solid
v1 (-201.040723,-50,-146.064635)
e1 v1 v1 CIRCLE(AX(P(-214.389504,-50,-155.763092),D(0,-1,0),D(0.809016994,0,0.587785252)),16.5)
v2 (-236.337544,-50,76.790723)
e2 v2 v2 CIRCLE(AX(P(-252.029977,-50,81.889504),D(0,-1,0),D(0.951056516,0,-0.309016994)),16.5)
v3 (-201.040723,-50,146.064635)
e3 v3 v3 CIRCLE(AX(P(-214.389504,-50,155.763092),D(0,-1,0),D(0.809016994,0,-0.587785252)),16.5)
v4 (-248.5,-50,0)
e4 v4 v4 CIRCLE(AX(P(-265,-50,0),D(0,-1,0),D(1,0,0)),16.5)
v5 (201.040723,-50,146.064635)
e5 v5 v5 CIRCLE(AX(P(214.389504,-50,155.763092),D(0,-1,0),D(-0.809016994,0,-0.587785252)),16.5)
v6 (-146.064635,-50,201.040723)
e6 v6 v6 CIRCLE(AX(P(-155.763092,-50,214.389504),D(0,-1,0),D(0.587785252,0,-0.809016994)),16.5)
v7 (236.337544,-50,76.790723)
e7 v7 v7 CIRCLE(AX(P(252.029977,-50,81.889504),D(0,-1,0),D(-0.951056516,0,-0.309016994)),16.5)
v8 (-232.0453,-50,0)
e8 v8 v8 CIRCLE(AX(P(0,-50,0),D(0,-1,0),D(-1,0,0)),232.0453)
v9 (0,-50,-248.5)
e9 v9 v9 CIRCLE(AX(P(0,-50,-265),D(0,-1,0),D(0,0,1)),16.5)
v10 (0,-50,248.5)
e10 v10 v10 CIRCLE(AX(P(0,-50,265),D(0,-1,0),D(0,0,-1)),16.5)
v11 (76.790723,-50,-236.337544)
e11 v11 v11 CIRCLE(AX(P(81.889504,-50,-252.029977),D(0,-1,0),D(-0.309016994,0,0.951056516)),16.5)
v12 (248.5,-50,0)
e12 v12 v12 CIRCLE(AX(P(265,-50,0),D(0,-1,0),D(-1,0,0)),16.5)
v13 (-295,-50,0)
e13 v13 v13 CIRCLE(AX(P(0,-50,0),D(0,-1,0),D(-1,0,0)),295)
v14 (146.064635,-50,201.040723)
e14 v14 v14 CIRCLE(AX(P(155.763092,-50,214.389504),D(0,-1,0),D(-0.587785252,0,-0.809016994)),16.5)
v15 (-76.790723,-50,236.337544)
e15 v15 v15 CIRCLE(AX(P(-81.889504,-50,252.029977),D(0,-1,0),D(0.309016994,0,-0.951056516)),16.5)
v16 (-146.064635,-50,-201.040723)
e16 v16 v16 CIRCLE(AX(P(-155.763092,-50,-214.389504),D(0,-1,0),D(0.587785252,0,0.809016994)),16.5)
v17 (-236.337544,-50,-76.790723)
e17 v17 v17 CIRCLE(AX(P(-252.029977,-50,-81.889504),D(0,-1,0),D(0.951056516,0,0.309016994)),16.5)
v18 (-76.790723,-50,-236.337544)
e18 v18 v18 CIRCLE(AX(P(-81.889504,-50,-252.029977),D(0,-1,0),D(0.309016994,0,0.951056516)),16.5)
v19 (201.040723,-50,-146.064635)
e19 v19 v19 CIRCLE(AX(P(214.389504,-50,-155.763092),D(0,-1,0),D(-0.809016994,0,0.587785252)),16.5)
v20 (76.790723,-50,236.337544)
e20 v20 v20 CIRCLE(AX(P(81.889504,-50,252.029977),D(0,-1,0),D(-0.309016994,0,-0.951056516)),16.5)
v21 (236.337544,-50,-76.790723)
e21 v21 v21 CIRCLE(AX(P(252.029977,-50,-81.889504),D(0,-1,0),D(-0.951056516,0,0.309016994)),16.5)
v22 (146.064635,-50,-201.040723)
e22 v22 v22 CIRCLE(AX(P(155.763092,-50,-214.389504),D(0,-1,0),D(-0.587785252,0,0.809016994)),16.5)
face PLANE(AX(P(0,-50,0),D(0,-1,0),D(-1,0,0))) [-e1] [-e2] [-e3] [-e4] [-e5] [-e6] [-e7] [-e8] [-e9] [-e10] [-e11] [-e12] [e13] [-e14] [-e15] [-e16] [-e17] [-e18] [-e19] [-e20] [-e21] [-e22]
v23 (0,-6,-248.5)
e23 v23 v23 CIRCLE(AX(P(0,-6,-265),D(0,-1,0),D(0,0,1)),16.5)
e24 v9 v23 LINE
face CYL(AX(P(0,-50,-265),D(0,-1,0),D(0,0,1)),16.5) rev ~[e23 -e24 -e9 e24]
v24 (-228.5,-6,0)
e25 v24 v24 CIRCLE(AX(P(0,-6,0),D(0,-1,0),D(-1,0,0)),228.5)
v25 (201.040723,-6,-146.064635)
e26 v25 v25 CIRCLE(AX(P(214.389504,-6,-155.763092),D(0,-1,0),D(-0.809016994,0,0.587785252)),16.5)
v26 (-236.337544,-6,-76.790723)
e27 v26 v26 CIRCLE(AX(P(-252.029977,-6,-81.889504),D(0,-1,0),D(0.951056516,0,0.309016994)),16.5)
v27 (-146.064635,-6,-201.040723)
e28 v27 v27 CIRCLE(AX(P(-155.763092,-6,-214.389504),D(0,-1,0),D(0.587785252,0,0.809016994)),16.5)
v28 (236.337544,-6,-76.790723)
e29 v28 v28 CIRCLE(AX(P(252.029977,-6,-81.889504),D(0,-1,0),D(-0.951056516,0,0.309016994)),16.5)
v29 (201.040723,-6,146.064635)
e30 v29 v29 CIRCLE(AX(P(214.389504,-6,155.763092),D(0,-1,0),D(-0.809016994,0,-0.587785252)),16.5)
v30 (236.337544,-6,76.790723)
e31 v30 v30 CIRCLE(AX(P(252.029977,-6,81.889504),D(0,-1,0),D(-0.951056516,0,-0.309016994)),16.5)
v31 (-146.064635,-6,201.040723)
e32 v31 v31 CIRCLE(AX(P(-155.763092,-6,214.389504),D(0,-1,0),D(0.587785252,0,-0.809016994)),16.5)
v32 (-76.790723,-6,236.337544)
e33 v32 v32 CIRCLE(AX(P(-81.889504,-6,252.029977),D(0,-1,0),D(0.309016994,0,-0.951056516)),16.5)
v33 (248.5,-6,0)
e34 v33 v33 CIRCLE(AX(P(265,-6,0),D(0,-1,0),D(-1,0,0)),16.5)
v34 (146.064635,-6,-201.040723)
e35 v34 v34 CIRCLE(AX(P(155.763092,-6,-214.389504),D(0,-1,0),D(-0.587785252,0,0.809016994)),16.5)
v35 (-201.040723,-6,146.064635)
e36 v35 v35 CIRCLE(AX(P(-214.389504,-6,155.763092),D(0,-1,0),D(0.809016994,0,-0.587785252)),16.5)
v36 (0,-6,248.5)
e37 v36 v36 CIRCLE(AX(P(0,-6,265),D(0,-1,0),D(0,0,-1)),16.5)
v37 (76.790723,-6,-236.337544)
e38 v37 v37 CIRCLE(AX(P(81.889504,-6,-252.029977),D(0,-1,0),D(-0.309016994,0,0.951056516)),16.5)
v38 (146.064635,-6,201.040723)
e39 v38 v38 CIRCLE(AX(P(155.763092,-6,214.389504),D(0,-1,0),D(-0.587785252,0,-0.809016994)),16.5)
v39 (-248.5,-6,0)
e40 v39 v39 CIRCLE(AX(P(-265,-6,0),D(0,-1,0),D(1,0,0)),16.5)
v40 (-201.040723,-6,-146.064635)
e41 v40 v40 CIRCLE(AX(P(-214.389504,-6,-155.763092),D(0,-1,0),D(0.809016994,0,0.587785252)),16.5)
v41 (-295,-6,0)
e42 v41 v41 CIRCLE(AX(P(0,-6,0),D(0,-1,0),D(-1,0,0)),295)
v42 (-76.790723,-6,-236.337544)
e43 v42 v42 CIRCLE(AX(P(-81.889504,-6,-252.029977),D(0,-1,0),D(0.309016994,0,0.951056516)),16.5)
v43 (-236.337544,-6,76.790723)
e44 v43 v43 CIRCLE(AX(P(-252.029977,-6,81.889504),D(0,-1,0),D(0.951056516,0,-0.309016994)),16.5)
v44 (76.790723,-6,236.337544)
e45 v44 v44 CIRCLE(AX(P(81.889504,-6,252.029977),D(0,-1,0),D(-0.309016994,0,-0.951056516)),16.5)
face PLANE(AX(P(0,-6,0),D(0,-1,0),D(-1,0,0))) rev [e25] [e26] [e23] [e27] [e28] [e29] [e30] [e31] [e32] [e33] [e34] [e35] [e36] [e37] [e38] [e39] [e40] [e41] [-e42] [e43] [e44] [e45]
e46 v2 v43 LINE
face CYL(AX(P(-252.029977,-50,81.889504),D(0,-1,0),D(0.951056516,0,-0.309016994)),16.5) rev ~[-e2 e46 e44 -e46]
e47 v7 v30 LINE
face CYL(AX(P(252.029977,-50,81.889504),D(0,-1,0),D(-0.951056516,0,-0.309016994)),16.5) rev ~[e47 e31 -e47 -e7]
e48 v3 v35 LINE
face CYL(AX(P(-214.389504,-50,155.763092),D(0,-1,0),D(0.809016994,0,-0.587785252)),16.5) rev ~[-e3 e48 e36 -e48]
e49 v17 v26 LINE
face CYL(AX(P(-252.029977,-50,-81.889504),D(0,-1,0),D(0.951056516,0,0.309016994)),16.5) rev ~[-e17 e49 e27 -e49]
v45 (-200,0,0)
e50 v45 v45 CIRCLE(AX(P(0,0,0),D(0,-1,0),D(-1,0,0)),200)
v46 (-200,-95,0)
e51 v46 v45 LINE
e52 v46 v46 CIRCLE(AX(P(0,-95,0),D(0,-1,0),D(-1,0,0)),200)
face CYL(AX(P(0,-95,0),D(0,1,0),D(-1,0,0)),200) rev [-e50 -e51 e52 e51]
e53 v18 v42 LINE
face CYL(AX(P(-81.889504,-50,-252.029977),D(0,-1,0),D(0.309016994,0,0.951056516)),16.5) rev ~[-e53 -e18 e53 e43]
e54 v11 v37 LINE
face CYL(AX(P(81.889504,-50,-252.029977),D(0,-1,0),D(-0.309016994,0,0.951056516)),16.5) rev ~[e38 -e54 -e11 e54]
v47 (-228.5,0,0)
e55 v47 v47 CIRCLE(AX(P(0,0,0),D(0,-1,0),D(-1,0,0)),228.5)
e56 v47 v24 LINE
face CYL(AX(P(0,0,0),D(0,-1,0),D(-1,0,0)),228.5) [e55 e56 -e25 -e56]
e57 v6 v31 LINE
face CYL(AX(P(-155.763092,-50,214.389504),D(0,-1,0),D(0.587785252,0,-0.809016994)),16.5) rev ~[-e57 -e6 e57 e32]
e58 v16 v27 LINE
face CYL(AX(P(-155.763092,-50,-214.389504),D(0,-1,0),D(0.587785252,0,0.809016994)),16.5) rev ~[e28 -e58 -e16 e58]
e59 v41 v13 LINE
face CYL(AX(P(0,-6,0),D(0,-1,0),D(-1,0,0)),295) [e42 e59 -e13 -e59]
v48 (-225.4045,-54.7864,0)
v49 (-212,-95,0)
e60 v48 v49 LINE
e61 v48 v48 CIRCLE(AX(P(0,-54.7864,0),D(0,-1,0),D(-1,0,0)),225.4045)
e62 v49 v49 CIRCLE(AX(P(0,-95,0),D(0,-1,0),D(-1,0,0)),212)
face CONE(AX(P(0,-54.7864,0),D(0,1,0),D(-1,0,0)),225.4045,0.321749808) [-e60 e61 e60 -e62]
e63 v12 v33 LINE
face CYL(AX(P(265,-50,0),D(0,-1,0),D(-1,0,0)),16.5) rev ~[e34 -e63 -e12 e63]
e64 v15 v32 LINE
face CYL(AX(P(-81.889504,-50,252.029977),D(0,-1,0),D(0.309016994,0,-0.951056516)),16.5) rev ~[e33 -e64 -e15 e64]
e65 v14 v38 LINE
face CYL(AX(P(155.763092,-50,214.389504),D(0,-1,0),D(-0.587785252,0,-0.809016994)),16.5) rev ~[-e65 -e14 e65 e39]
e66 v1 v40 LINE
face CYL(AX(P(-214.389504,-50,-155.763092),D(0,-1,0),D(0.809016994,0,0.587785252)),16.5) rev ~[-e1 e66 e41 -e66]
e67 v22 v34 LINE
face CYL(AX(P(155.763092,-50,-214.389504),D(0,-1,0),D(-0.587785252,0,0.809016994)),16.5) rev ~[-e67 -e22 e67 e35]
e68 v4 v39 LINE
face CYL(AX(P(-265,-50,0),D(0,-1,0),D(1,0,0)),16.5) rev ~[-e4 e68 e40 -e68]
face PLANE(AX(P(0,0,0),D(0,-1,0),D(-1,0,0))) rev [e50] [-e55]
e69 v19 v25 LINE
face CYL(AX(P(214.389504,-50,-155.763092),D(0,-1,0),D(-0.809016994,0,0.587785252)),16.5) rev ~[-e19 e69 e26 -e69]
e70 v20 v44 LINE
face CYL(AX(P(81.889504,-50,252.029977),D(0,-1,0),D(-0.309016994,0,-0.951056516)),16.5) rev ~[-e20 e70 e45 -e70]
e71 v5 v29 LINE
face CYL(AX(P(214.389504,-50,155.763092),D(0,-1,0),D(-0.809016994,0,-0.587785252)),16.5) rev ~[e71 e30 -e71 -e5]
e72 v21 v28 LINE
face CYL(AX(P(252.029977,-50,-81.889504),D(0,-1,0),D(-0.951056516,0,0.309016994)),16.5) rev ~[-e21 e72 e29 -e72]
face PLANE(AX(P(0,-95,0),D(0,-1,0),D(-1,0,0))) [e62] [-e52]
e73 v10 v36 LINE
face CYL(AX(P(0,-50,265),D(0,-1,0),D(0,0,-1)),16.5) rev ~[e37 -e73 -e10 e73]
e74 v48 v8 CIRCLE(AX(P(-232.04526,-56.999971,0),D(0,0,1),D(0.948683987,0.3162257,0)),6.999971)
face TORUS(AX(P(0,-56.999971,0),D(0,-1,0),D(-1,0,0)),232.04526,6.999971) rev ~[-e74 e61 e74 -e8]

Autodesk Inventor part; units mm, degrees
ref_plane "YZ Plane" through (0, 0, 0) normal (1, 0, 0) x (0, 1, 0)
ref_plane "XZ Plane" through (0, 0, 0) normal (0, 1, 0) x (-1, 0, 0)
ref_plane "XY Plane" through (0, 0, 0) normal (0, 0, 1) x (1, 0, 0)
sketch "Sketch1" plane through (0, 0, 0) normal (0, 0, 1) x (1, 0, 0)
  line L0 (0, 94.8129) -> (0, -76.7795)
  line L1 (-200, 0) -> (-228.5, 0)
  line L2 (-228.5, 0) -> (-228.5, -6)
  line L3 (-228.5, -6) -> (-295, -6)
  line L4 (-295, -6) -> (-295, -50)
  line L5 (-295, -50) -> (-232.0453, -50)
  line L6 (-225.4045, -54.7864) -> (-212, -95)
  line L7 (-212, -95) -> (-200, -95)
  line L8 (-200, -95) -> (-200, 0)
  arc A0 (-225.4045, -54.7864) -> (-232.0453, -50) centre (-232.0453, -57) ccw
  line L9 (-228.5, -4) -> (-204, -4) construction
  line L10 (-204, 0) -> (-204, -95) construction
  point P0 (0, 0)
  point P1 (-227, -50)
  dimension "d1" = 590
  dimension "d2" = 457
  dimension "d3" = 400
  dimension "d4" = 454
  dimension "d5" = 424
  dimension "d6" = 95
  dimension "d7" = 50
  dimension "d8" = 6
  dimension "d13" = 7
  dimension "d25" = 4
  dimension "d26" = 4
revolve "Revolution1" add sketch "Sketch1" angle 360 about axis through (0, 94.8129, 0) along (0, -1, 0)
sketch "Sketch2" plane through (0, -50, 0) normal (0, -1, 0) x (1, 0, 0)
  circle A0 centre (-265, 0) radius 16.5
  point P0 (0, 0)
  dimension "d15" = 33
  dimension "d16" = 265
extrude "Extrusion1" cut sketch "Sketch2" against normal through all
pattern_circular "Circular Pattern1" count 20 over 360 about axis through (0, -28, 0) along (0, 1, 0) of "Extrusion1"
equation "\"d15\" = d_"
equation "\"d16\" = 0.5 * D2_"
equation "\"d1\" = D1_"
equation "\"d2\" = D5_"
equation "\"d3\" = D"
equation "\"d4\" = D7_"
equation "\"d5\" = D6_"
equation "\"d6\" = H_"
equation "\"d7\" = b"
equation "\"D\" = 400"
equation "\"D1_\" = 590"
equation "\"D5_\" = 457"
equation "\"D6_\" = 424"
equation "\"D7_\" = 454"
equation "\"H_\" = 95"
equation "\"b\" = 50"
equation "\"d_\" = 33"
equation "\"D2_\" = 530"
properties part number "Flange 10-400-4,0 GOST 28759.3-90" material "Steel"
